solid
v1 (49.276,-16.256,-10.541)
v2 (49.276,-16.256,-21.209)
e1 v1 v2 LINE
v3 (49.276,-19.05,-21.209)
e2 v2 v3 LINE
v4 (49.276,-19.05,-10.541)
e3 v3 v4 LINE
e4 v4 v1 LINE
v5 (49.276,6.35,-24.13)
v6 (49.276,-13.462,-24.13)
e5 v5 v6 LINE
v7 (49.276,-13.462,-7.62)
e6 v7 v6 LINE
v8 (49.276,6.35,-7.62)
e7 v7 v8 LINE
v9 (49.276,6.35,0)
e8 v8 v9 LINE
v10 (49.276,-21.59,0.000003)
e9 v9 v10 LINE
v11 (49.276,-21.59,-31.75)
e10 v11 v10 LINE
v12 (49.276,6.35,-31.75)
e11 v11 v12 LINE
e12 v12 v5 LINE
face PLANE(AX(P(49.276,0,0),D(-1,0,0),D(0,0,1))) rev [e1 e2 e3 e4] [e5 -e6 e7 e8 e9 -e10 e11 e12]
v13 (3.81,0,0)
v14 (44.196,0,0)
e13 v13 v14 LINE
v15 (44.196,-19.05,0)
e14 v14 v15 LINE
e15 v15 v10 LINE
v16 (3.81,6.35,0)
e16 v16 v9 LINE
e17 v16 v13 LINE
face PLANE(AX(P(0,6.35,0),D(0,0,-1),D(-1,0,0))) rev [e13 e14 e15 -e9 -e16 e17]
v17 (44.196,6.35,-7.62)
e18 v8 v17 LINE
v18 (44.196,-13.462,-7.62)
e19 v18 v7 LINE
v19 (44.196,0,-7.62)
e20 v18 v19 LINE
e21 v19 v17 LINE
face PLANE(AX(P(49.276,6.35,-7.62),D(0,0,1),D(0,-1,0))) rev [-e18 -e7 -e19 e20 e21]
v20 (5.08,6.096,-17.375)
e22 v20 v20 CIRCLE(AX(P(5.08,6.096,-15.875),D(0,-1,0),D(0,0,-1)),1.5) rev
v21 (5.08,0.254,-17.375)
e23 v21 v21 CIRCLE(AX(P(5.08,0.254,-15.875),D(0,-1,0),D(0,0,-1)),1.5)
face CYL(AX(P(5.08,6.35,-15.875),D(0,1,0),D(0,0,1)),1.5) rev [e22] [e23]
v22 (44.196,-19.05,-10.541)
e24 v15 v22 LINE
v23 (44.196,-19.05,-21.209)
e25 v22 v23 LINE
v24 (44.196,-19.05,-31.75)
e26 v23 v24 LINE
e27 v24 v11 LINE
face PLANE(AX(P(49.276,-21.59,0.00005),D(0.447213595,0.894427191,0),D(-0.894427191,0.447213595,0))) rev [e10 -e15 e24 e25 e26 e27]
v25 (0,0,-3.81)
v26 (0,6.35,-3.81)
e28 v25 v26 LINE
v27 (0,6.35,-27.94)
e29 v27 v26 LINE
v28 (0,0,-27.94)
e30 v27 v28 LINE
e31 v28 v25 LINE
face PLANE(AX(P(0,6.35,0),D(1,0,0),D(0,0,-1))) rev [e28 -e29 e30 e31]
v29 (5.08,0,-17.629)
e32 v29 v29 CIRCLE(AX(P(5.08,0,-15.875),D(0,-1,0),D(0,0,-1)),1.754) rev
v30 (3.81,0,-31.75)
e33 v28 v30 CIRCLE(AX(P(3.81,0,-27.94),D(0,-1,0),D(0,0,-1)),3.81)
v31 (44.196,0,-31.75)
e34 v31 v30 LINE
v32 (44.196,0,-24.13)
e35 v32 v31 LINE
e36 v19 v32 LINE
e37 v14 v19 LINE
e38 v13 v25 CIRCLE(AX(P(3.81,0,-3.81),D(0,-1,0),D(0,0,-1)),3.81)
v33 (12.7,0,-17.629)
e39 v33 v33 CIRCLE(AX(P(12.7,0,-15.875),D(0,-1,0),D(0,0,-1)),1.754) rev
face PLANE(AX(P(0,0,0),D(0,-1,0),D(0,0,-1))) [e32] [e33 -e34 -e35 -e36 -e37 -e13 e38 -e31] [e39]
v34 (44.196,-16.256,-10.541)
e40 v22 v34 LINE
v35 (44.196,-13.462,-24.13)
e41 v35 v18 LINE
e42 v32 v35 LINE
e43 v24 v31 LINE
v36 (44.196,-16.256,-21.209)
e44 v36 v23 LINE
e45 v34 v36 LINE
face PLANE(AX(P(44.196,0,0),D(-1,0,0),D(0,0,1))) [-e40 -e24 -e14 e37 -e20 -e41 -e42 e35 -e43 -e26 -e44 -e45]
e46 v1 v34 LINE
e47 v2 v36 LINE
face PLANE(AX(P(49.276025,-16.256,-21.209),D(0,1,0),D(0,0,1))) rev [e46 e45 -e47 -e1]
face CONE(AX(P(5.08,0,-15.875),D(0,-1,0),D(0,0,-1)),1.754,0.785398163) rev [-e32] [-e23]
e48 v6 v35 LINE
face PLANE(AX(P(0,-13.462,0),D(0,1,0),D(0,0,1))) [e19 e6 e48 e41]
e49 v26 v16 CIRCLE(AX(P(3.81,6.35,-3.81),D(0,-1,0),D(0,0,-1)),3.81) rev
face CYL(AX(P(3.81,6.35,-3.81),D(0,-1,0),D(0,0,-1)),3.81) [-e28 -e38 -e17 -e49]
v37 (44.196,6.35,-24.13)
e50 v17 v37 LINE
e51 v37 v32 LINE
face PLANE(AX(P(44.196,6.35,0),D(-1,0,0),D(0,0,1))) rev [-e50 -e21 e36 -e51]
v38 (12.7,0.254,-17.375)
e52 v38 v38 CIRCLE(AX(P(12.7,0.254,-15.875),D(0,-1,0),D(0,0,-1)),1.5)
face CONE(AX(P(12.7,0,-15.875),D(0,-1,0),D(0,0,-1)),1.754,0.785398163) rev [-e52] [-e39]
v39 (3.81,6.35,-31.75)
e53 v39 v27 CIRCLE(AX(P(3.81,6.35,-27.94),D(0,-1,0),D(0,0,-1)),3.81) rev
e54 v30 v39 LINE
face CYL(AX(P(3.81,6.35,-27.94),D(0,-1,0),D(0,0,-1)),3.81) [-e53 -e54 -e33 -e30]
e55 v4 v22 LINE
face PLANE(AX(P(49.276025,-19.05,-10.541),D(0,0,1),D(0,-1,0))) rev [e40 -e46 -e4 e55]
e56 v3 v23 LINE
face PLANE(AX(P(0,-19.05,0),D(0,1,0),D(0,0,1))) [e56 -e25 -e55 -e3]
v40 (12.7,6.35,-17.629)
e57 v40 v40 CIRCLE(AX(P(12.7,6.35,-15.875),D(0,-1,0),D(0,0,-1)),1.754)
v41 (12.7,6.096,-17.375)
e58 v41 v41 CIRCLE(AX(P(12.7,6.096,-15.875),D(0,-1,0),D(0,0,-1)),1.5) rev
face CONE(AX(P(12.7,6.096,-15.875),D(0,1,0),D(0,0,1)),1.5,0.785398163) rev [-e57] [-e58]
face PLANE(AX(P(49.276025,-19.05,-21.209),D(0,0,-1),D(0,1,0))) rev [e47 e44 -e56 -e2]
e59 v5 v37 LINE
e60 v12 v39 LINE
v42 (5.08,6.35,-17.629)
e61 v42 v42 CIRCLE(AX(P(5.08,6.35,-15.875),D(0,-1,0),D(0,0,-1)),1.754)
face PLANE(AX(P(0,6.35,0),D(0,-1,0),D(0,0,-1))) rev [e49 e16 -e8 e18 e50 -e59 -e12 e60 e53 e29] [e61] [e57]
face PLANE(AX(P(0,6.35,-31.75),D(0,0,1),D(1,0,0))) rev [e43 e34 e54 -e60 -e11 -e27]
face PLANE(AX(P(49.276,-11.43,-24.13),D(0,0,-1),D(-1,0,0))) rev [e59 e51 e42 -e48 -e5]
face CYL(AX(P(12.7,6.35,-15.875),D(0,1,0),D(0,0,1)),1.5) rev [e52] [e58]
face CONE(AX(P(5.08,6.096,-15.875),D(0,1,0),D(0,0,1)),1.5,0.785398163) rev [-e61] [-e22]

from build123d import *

# Parameters (mm, degrees)
SKETCH1_W             = 44.196
SKETCH1_H             = 31.75
BOSS_EXTRUDE1_DEPTH   = 6.35
F_3_0MM_DOWEL_HOLE1_D = 3
CHAMFER1_SIZE         = 0.254
FILLET2_R             = 3.81
BOSS_EXTRUDE4_DEPTH   = 5.08
SKETCH7_W             = 10.668
SKETCH7_H             = 2.794
CUT_EXTRUDE1_DEPTH    = 58.656321561
SKETCH8_W             = 5.08
SKETCH8_H             = 31.75
BOSS_EXTRUDE5_DEPTH   = 2.54
CUT_EXTRUDE2_DEPTH    = 63.468510275
SKETCH10_W            = 5.08
SKETCH10_H            = 16.51
CUT_EXTRUDE3_DEPTH    = 2.032


with BuildPart() as part:
    # Sketch1 → Boss-Extrude1 (new body)
    with BuildSketch(Plane(origin=(0, 0, 0), x_dir=(1, 0, 0), z_dir=(0, 1, 0))):
        with Locations((22.098, 15.875)):
            Rectangle(SKETCH1_W, SKETCH1_H)
    extrude(amount=BOSS_EXTRUDE1_DEPTH)

    # Ø3.0mm Dowel Hole1 (through all)
    with Locations(Plane(origin=(0, 6.35, 0), x_dir=(1, 0, 0), z_dir=(0, 1, 0))):
        with Locations((5.08, 15.875), (12.7, 15.875)):
            Hole(F_3_0MM_DOWEL_HOLE1_D / 2)

    # Chamfer1
    chamfer1_edges = [part.edges().sort_by_distance(p)[0] for p in [
        (14.2, 6.35, -15.875),
        (14.2, 0, -15.875),
        (6.58, 6.35, -15.875),
        (6.58, 0, -15.875),
    ]]
    chamfer(chamfer1_edges, length=CHAMFER1_SIZE)

    # Fillet2
    fillet2_edges = [part.edges().sort_by_distance(p)[0] for p in [
        (0, 3.175, -31.75),
        (0, 3.175, 0),
    ]]
    fillet(fillet2_edges, radius=FILLET2_R)

    # Sketch6 → Boss-Extrude4 (add)
    with BuildSketch(Plane(origin=(44.196, 0, 0), x_dir=(0, 0, -1), z_dir=(1, 0, 0))):
        Polygon((0, 6.35), (0, -19.05), (31.75, -19.05), (31.75, 6.35), (24.13, 6.35), (24.13, -11.43), (7.62, -11.43), (7.62, 6.35), align=None)
    extrude(amount=BOSS_EXTRUDE4_DEPTH)

    # Sketch7 → Cut-Extrude1 (cut, through all)
    with BuildSketch(Plane.ZY.offset(-44.196)):
        with Locations((-15.875, -17.653)):
            Rectangle(SKETCH7_W, SKETCH7_H)
    extrude(amount=-CUT_EXTRUDE1_DEPTH, mode=Mode.SUBTRACT)

    # Sketch8 → Boss-Extrude5 (add)
    with BuildSketch(Plane.XZ.offset(19.05)):
        with Locations((46.736, -15.875)):
            Rectangle(SKETCH8_W, SKETCH8_H)
    extrude(amount=BOSS_EXTRUDE5_DEPTH)

    # Sketch9 → Cut-Extrude2 (cut, through all)
    with BuildSketch(Plane(origin=(0, 0, -31.75), x_dir=(-1, 0, 0), z_dir=(0, 0, -1))):
        Polygon((-49.276, -21.59), (-44.196, -19.05), (-44.196, -21.59), align=None)
    extrude(amount=-CUT_EXTRUDE2_DEPTH, mode=Mode.SUBTRACT)

    # Sketch10 → Cut-Extrude3 (cut)
    with BuildSketch(Plane(origin=(0, -11.43, 0), x_dir=(1, 0, 0), z_dir=(0, 1, 0))):
        with Locations((46.736, 15.875)):
            Rectangle(SKETCH10_W, SKETCH10_H)
    extrude(amount=-CUT_EXTRUDE3_DEPTH, mode=Mode.SUBTRACT)


solid = part.part
